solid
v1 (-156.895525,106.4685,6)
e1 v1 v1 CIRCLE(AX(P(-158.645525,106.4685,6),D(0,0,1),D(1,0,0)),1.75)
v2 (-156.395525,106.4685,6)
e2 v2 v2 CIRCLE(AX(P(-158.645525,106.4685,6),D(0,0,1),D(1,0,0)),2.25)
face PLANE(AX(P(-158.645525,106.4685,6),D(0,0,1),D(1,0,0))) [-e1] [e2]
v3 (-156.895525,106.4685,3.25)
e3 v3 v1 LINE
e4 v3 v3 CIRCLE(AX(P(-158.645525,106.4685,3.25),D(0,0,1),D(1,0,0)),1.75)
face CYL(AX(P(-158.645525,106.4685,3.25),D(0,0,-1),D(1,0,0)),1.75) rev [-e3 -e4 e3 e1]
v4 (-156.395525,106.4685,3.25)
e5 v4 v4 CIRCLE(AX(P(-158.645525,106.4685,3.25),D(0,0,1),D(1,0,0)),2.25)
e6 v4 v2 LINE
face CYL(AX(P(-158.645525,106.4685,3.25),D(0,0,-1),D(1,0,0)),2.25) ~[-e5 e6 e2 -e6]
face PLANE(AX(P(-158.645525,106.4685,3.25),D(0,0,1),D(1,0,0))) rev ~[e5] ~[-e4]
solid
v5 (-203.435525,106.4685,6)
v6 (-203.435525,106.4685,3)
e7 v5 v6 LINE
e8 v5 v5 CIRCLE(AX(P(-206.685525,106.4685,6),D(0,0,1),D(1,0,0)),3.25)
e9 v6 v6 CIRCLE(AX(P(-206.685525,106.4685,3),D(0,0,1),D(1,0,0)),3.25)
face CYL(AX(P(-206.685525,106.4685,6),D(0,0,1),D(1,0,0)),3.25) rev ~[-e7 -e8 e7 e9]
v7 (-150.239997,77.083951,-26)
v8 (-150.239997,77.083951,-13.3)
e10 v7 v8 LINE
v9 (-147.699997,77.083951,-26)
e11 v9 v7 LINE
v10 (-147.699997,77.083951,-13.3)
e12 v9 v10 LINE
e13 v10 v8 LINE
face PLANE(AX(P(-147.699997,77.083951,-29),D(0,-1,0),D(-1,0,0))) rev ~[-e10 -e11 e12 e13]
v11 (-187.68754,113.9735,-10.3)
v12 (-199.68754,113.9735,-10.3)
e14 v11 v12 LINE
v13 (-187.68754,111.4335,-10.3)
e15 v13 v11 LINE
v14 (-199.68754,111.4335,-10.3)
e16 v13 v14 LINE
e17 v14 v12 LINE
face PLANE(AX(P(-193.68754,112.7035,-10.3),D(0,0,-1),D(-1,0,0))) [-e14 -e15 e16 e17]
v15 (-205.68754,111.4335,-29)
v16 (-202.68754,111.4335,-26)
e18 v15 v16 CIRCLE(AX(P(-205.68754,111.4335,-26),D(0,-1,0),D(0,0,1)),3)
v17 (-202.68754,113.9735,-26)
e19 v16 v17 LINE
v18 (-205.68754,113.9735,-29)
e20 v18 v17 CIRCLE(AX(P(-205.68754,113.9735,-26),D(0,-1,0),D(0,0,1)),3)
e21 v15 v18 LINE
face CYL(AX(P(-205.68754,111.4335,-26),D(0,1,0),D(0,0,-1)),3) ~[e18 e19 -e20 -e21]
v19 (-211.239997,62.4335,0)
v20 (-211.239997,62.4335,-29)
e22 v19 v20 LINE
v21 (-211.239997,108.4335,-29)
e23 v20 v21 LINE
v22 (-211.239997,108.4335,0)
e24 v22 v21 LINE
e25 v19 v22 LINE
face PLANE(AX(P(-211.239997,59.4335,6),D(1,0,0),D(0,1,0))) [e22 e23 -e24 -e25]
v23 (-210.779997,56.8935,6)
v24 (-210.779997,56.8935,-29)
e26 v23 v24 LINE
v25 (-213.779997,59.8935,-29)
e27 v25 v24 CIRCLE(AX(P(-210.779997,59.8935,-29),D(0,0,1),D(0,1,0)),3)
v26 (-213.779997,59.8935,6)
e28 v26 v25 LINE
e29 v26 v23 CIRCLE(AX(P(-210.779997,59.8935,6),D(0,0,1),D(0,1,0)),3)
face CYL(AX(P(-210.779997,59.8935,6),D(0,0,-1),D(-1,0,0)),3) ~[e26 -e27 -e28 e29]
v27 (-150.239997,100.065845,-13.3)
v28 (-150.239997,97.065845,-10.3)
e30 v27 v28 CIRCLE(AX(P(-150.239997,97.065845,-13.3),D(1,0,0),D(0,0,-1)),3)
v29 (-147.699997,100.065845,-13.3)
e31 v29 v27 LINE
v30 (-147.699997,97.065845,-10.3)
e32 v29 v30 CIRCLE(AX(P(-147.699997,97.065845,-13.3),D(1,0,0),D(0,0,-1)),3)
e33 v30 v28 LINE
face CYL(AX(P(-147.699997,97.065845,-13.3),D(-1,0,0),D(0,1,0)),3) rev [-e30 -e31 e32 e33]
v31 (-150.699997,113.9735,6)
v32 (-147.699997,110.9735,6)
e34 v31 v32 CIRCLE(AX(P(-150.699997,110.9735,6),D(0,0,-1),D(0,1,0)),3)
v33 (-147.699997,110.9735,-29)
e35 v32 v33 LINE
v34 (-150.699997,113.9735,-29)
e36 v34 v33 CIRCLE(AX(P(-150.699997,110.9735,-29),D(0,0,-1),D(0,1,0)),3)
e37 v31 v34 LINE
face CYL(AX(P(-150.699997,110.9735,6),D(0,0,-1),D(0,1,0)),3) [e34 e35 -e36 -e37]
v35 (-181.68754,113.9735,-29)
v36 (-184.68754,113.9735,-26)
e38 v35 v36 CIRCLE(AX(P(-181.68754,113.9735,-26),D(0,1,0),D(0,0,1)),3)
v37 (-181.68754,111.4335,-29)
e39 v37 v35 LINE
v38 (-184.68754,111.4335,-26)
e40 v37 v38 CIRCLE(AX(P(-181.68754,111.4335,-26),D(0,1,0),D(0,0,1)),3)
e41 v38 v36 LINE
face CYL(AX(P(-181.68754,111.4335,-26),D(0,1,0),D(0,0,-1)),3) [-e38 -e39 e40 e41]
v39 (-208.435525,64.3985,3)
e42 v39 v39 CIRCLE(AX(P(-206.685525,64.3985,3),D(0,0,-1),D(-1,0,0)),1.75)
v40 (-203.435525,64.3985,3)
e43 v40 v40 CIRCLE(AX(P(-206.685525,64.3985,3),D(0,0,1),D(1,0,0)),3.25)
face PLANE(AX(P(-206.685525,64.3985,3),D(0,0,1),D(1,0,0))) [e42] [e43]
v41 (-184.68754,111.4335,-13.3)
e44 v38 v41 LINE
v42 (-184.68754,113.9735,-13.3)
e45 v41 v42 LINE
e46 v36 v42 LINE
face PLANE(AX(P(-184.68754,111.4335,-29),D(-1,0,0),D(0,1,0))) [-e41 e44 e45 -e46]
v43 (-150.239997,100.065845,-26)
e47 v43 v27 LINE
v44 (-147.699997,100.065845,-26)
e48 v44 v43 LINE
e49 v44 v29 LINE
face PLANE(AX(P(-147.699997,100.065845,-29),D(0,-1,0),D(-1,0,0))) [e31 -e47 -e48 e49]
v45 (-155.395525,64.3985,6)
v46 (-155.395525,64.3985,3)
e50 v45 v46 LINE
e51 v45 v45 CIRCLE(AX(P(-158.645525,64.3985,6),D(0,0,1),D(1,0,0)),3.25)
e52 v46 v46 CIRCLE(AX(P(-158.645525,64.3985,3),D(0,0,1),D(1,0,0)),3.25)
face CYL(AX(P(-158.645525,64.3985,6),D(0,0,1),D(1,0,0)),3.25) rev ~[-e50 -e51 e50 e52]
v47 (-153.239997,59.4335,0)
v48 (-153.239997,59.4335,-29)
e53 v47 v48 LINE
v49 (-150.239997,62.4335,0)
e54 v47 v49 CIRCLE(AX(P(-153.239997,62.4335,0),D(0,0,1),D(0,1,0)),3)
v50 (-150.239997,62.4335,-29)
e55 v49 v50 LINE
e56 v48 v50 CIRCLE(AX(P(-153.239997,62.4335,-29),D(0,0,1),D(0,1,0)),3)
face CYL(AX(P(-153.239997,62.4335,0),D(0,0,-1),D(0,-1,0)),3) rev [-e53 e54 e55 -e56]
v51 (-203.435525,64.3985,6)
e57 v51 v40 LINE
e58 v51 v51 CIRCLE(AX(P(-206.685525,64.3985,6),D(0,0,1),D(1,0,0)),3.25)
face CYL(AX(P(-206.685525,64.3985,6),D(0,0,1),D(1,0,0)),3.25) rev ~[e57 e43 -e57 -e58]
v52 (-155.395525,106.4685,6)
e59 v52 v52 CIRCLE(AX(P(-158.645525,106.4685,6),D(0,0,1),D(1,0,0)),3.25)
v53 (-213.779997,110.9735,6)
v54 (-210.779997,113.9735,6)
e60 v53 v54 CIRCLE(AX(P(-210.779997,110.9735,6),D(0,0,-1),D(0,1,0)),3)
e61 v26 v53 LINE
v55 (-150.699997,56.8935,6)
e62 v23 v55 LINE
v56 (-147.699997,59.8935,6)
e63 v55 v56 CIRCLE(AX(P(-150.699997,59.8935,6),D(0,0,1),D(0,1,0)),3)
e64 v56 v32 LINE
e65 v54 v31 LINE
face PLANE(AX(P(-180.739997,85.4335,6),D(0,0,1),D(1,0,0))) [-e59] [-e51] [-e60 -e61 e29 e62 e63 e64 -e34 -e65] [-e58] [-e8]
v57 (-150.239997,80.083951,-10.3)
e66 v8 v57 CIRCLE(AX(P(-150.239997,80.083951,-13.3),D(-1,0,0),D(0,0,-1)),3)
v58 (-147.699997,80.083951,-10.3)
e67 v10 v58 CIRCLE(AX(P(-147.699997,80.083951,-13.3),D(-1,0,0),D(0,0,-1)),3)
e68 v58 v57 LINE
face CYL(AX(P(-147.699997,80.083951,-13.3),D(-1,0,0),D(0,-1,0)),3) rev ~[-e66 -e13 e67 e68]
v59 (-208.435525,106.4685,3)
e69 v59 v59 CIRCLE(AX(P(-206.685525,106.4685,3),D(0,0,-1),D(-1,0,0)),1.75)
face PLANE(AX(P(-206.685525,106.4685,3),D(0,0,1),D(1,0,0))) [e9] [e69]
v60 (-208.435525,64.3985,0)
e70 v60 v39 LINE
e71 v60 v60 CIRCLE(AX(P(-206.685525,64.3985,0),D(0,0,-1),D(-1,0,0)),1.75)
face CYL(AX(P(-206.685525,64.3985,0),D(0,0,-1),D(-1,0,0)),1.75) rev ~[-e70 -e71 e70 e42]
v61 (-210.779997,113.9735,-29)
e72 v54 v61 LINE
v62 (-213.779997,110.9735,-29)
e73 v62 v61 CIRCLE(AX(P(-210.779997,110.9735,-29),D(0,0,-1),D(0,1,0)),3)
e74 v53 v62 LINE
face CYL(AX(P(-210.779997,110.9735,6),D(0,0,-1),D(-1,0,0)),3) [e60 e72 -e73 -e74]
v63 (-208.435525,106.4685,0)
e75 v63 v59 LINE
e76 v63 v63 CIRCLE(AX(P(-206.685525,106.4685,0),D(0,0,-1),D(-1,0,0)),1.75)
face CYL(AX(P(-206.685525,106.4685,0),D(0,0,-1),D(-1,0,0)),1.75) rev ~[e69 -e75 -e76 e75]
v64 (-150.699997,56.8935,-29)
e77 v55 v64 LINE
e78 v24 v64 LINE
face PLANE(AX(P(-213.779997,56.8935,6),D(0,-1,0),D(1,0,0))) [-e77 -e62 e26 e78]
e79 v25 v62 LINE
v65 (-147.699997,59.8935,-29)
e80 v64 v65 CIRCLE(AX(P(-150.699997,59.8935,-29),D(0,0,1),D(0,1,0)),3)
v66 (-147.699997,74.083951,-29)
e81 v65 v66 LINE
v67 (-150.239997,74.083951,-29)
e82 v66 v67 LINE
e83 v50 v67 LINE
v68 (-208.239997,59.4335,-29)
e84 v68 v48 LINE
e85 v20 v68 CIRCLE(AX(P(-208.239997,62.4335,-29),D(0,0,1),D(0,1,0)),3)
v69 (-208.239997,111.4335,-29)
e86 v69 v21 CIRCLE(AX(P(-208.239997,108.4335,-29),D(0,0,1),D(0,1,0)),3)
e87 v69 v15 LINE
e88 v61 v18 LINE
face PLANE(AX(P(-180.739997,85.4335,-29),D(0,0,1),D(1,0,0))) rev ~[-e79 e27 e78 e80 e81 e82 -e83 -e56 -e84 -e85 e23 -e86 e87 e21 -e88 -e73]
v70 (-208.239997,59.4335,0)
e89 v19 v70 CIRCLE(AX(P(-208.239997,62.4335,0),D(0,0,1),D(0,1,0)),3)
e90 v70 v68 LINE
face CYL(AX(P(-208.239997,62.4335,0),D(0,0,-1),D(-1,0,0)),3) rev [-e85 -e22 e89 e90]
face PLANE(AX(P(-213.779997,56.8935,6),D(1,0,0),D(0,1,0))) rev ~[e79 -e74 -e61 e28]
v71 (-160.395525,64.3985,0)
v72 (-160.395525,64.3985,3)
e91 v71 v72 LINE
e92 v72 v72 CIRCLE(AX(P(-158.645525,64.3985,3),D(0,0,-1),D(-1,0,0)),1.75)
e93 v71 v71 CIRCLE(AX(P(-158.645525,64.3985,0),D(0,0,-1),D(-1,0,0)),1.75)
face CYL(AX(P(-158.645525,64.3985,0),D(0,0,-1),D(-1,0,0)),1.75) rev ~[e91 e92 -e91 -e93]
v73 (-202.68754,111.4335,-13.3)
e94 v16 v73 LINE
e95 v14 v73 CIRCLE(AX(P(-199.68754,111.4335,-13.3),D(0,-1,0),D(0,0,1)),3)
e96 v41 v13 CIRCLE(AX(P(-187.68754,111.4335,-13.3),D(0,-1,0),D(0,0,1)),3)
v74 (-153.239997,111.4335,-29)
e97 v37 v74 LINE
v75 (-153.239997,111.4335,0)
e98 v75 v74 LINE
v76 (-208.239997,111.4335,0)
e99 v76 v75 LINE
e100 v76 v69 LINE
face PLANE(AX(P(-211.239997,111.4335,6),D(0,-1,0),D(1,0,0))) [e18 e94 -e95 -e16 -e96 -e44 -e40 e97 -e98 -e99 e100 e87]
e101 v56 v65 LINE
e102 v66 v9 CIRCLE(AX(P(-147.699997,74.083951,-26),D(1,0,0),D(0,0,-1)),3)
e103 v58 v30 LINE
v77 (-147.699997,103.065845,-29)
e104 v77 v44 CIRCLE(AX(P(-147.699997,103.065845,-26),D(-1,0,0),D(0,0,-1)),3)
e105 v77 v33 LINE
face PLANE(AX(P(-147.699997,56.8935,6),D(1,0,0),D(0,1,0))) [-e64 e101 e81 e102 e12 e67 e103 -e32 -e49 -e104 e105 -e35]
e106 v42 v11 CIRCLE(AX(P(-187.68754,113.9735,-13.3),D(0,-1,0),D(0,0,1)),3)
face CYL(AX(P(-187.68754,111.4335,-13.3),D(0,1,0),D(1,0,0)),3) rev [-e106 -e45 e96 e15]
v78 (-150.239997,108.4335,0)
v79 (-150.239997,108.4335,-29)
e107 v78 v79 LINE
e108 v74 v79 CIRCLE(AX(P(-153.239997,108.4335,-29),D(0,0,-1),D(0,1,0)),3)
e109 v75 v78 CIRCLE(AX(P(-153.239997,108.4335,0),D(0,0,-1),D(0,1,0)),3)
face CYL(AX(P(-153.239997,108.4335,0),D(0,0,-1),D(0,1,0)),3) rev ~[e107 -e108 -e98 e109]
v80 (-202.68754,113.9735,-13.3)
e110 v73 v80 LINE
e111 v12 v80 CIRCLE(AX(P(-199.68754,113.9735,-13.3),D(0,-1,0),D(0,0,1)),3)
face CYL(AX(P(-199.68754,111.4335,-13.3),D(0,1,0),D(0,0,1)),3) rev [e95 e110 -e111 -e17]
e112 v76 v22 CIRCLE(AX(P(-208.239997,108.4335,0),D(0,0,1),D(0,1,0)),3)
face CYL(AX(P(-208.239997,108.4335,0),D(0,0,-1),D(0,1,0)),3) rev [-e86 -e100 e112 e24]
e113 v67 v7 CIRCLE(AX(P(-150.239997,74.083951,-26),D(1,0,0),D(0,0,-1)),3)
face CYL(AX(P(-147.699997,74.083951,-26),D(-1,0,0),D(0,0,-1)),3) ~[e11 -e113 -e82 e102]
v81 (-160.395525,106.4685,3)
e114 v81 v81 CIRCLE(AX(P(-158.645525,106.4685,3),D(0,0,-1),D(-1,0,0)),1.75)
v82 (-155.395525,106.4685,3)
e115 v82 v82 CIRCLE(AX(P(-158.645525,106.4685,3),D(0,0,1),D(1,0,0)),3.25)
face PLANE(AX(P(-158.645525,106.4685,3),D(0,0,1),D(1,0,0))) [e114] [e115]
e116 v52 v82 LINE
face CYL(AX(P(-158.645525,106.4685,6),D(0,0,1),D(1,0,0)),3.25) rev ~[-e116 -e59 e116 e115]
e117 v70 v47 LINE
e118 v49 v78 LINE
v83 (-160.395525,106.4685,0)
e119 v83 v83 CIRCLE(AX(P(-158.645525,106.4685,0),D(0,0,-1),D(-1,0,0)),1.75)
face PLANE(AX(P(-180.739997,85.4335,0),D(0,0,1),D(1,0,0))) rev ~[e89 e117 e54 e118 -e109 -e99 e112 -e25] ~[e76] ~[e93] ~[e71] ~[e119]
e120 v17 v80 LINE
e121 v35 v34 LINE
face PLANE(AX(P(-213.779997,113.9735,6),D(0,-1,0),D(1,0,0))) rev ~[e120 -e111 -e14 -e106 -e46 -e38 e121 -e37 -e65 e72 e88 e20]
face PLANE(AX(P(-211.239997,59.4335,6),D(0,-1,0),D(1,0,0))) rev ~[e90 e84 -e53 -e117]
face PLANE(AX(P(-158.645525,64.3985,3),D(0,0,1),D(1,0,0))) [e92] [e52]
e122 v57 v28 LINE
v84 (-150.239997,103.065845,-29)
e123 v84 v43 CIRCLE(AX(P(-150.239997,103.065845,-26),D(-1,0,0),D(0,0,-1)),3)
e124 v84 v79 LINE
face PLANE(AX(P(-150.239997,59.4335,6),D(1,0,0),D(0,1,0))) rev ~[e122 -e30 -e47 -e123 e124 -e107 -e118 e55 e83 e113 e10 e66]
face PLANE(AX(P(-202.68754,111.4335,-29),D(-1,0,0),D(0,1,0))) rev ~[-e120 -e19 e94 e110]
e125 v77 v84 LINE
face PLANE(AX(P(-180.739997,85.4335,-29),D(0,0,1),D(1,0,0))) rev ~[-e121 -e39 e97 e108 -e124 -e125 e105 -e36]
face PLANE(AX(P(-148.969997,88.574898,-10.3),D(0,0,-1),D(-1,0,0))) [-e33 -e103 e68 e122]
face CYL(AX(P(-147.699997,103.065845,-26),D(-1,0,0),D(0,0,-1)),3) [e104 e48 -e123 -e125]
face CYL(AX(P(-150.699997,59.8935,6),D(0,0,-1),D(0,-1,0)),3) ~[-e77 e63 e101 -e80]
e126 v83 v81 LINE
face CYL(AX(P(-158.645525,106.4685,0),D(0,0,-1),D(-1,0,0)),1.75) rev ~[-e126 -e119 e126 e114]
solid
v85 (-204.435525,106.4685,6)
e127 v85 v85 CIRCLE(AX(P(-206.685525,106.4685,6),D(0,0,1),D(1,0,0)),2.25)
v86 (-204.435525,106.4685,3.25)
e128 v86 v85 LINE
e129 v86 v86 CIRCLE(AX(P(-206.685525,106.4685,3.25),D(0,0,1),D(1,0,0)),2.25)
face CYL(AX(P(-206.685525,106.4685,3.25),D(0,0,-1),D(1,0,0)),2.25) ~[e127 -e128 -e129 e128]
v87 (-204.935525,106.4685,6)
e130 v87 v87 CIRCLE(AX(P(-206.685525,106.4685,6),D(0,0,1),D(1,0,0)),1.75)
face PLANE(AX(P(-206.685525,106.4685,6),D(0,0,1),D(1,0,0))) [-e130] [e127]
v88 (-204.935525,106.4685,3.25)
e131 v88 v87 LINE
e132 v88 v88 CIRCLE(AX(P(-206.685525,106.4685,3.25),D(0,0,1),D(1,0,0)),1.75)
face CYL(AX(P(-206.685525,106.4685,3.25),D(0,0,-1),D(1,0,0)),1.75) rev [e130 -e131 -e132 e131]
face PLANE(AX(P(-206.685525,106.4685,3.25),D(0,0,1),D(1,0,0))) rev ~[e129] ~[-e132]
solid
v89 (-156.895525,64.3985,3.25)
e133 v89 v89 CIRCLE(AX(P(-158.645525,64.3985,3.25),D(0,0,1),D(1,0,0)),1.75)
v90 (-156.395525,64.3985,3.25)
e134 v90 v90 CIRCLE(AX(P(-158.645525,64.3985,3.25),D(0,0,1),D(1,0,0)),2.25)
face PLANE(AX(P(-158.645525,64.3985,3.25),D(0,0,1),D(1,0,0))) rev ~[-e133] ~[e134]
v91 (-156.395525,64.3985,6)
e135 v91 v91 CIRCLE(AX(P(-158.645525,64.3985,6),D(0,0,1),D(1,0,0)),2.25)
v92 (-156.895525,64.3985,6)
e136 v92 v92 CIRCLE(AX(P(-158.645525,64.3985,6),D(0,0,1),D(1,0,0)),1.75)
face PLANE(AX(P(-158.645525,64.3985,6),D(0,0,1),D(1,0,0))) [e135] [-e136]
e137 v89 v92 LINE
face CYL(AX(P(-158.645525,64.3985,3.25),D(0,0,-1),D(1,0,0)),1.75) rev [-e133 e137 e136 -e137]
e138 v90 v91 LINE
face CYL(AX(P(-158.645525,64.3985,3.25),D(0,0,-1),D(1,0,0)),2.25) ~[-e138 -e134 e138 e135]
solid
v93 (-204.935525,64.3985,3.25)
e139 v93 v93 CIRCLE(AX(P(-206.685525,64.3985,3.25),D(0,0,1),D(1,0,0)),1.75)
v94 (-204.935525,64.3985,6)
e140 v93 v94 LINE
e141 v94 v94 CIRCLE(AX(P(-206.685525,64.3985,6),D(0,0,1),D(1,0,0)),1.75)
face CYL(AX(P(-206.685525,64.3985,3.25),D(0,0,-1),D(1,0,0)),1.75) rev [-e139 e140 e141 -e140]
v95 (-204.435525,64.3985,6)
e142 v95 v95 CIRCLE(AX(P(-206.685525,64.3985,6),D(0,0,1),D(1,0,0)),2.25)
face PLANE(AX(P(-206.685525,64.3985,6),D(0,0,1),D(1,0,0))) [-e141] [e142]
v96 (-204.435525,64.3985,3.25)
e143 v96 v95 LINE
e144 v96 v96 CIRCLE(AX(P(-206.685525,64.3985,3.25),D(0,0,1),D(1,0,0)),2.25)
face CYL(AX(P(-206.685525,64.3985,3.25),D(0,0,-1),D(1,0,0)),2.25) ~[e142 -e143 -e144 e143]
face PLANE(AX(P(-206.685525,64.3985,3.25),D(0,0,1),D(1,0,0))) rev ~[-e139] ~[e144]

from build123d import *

# Parameters (mm, degrees)
SKETCH1_W             = 61
SKETCH1_H             = 52
BOSS_EXTRUDE1_DEPTH   = 6
SKETCH2_W             = 66.08
SKETCH2_H             = 57.08
SKETCH2_W_2           = 61
SKETCH2_H_2           = 52
BOSS_EXTRUDE2_DEPTH   = 35
SKETCH3_W             = 18
SKETCH3_H             = 2.54
SKETCH3_W_2           = 2.54
SKETCH3_H_2           = 22.981894062
CUT_EXTRUDE1_DEPTH    = 18.7
FILLET1_R             = 3
SKETCH4_R             = 1.75
CUT_EXTRUDE3_DEPTH    = 244.993536095
SKETCH5_R             = 3.25
CUT_EXTRUDE4_DEPTH    = 3
BOSS_EXTRUDE3_START   = -2.75
SKETCH6_R             = 2.25
SKETCH6_R_2           = 1.75
BOSS_EXTRUDE3_DEPTH   = 2.75
BOSS_EXTRUDE3_2_DEPTH = 2.75
BOSS_EXTRUDE3_3_DEPTH = 2.75
BOSS_EXTRUDE3_4_DEPTH = 2.75


with BuildPart() as part:
    # Sketch1 → Boss-Extrude1 (new body)
    with BuildSketch(Plane.XY):
        with Locations((-180.739996617, 85.4335)):
            Rectangle(SKETCH1_W, SKETCH1_H)
    extrude(amount=BOSS_EXTRUDE1_DEPTH)

    # Sketch2 → Boss-Extrude2 (add)
    with BuildSketch(Plane.XY.offset(6)):
        with Locations((-180.739996617, 85.4335)):
            Rectangle(SKETCH2_W, SKETCH2_H)
        with Locations((-180.739996617, 85.4335)):
            Rectangle(SKETCH2_W_2, SKETCH2_H_2, mode=Mode.SUBTRACT)
    extrude(amount=-BOSS_EXTRUDE2_DEPTH)

    # Sketch3 → Cut-Extrude1 (cut)
    with BuildSketch(Plane(origin=(0, 0, -29), x_dir=(-1, 0, 0), z_dir=(0, 0, -1))):
        with Locations((193.68754036, 112.7035)):
            Rectangle(SKETCH3_W, SKETCH3_H)
        with Locations((148.969996617, 88.574898358)):
            Rectangle(SKETCH3_W_2, SKETCH3_H_2)
    extrude(amount=-CUT_EXTRUDE1_DEPTH, mode=Mode.SUBTRACT)

    # Fillet1
    fillet1_edges = [part.edges().sort_by_distance(p)[0] for p in [
        (-150.239996617, 111.4335, -14.5),
        (-150.239996617, 59.4335, -14.5),
        (-211.239996617, 59.4335, -14.5),
        (-211.239996617, 111.4335, -14.5),
        (-213.779996617, 113.9735, -11.5),
        (-147.699996617, 113.9735, -11.5),
        (-147.699996617, 56.8935, -11.5),
        (-213.779996617, 56.8935, -11.5),
        (-202.68754036, 112.7035, -29),
        (-184.68754036, 112.7035, -29),
        (-184.68754036, 112.7035, -10.3),
        (-202.68754036, 112.7035, -10.3),
        (-148.969996617, 100.065845389, -29),
        (-148.969996617, 77.083951327, -29),
        (-148.969996617, 100.065845389, -10.3),
        (-148.969996617, 77.083951327, -10.3),
    ]]
    fillet(fillet1_edges, radius=FILLET1_R)

    # Sketch4 → Cut-Extrude3 (cut, through all)
    with BuildSketch(Plane(origin=(0, 0, 0), x_dir=(-1, 0, 0), z_dir=(0, 0, -1))):
        with Locations((206.685524627, 64.3985)):
            Circle(SKETCH4_R)
        with Locations((158.645524627, 64.3985)):
            Circle(SKETCH4_R)
        with Locations((206.685524627, 106.4685)):
            Circle(SKETCH4_R)
        with Locations((158.645524627, 106.4685)):
            Circle(SKETCH4_R)
    extrude(amount=-CUT_EXTRUDE3_DEPTH, mode=Mode.SUBTRACT)

    # Sketch5 → Cut-Extrude4 (cut)
    with BuildSketch(Plane.XY.offset(6)):
        with Locations((-206.685524627, 64.3985)):
            Circle(SKETCH5_R)
        with Locations((-206.685524627, 106.4685)):
            Circle(SKETCH5_R)
        with Locations((-158.645524627, 64.3985)):
            Circle(SKETCH5_R)
        with Locations((-158.645524627, 106.4685)):
            Circle(SKETCH5_R)
    extrude(amount=-CUT_EXTRUDE4_DEPTH, mode=Mode.SUBTRACT)


with BuildPart() as body_2:
    # Sketch6 → Boss-Extrude3 (new body)
    with BuildSketch(Plane.XY.offset(6).offset(BOSS_EXTRUDE3_START)):
        with Locations((-158.645524627, 64.3985)):
            Circle(SKETCH6_R)
        with Locations((-158.645524627, 64.3985)):
            Circle(SKETCH6_R_2, mode=Mode.SUBTRACT)
    extrude(amount=BOSS_EXTRUDE3_DEPTH)


with BuildPart() as body_3:
    # Sketch6 → Boss-Extrude3 2 (new body)
    with BuildSketch(Plane.XY.offset(6).offset(BOSS_EXTRUDE3_START)):
        with Locations((-206.685524627, 106.4685)):
            Circle(SKETCH6_R)
        with Locations((-206.685524627, 106.4685)):
            Circle(SKETCH6_R_2, mode=Mode.SUBTRACT)
    extrude(amount=BOSS_EXTRUDE3_2_DEPTH)


with BuildPart() as body_4:
    # Sketch6 → Boss-Extrude3 3 (new body)
    with BuildSketch(Plane.XY.offset(6).offset(BOSS_EXTRUDE3_START)):
        with Locations((-158.645524627, 106.4685)):
            Circle(SKETCH6_R)
        with Locations((-158.645524627, 106.4685)):
            Circle(SKETCH6_R_2, mode=Mode.SUBTRACT)
    extrude(amount=BOSS_EXTRUDE3_3_DEPTH)


with BuildPart() as body_5:
    # Sketch6 → Boss-Extrude3 4 (new body)
    with BuildSketch(Plane.XY.offset(6).offset(BOSS_EXTRUDE3_START)):
        with Locations((-206.685524627, 64.3985)):
            Circle(SKETCH6_R)
        with Locations((-206.685524627, 64.3985)):
            Circle(SKETCH6_R_2, mode=Mode.SUBTRACT)
    extrude(amount=BOSS_EXTRUDE3_4_DEPTH)


solid = Compound([part.part, body_2.part, body_3.part, body_4.part, body_5.part])
